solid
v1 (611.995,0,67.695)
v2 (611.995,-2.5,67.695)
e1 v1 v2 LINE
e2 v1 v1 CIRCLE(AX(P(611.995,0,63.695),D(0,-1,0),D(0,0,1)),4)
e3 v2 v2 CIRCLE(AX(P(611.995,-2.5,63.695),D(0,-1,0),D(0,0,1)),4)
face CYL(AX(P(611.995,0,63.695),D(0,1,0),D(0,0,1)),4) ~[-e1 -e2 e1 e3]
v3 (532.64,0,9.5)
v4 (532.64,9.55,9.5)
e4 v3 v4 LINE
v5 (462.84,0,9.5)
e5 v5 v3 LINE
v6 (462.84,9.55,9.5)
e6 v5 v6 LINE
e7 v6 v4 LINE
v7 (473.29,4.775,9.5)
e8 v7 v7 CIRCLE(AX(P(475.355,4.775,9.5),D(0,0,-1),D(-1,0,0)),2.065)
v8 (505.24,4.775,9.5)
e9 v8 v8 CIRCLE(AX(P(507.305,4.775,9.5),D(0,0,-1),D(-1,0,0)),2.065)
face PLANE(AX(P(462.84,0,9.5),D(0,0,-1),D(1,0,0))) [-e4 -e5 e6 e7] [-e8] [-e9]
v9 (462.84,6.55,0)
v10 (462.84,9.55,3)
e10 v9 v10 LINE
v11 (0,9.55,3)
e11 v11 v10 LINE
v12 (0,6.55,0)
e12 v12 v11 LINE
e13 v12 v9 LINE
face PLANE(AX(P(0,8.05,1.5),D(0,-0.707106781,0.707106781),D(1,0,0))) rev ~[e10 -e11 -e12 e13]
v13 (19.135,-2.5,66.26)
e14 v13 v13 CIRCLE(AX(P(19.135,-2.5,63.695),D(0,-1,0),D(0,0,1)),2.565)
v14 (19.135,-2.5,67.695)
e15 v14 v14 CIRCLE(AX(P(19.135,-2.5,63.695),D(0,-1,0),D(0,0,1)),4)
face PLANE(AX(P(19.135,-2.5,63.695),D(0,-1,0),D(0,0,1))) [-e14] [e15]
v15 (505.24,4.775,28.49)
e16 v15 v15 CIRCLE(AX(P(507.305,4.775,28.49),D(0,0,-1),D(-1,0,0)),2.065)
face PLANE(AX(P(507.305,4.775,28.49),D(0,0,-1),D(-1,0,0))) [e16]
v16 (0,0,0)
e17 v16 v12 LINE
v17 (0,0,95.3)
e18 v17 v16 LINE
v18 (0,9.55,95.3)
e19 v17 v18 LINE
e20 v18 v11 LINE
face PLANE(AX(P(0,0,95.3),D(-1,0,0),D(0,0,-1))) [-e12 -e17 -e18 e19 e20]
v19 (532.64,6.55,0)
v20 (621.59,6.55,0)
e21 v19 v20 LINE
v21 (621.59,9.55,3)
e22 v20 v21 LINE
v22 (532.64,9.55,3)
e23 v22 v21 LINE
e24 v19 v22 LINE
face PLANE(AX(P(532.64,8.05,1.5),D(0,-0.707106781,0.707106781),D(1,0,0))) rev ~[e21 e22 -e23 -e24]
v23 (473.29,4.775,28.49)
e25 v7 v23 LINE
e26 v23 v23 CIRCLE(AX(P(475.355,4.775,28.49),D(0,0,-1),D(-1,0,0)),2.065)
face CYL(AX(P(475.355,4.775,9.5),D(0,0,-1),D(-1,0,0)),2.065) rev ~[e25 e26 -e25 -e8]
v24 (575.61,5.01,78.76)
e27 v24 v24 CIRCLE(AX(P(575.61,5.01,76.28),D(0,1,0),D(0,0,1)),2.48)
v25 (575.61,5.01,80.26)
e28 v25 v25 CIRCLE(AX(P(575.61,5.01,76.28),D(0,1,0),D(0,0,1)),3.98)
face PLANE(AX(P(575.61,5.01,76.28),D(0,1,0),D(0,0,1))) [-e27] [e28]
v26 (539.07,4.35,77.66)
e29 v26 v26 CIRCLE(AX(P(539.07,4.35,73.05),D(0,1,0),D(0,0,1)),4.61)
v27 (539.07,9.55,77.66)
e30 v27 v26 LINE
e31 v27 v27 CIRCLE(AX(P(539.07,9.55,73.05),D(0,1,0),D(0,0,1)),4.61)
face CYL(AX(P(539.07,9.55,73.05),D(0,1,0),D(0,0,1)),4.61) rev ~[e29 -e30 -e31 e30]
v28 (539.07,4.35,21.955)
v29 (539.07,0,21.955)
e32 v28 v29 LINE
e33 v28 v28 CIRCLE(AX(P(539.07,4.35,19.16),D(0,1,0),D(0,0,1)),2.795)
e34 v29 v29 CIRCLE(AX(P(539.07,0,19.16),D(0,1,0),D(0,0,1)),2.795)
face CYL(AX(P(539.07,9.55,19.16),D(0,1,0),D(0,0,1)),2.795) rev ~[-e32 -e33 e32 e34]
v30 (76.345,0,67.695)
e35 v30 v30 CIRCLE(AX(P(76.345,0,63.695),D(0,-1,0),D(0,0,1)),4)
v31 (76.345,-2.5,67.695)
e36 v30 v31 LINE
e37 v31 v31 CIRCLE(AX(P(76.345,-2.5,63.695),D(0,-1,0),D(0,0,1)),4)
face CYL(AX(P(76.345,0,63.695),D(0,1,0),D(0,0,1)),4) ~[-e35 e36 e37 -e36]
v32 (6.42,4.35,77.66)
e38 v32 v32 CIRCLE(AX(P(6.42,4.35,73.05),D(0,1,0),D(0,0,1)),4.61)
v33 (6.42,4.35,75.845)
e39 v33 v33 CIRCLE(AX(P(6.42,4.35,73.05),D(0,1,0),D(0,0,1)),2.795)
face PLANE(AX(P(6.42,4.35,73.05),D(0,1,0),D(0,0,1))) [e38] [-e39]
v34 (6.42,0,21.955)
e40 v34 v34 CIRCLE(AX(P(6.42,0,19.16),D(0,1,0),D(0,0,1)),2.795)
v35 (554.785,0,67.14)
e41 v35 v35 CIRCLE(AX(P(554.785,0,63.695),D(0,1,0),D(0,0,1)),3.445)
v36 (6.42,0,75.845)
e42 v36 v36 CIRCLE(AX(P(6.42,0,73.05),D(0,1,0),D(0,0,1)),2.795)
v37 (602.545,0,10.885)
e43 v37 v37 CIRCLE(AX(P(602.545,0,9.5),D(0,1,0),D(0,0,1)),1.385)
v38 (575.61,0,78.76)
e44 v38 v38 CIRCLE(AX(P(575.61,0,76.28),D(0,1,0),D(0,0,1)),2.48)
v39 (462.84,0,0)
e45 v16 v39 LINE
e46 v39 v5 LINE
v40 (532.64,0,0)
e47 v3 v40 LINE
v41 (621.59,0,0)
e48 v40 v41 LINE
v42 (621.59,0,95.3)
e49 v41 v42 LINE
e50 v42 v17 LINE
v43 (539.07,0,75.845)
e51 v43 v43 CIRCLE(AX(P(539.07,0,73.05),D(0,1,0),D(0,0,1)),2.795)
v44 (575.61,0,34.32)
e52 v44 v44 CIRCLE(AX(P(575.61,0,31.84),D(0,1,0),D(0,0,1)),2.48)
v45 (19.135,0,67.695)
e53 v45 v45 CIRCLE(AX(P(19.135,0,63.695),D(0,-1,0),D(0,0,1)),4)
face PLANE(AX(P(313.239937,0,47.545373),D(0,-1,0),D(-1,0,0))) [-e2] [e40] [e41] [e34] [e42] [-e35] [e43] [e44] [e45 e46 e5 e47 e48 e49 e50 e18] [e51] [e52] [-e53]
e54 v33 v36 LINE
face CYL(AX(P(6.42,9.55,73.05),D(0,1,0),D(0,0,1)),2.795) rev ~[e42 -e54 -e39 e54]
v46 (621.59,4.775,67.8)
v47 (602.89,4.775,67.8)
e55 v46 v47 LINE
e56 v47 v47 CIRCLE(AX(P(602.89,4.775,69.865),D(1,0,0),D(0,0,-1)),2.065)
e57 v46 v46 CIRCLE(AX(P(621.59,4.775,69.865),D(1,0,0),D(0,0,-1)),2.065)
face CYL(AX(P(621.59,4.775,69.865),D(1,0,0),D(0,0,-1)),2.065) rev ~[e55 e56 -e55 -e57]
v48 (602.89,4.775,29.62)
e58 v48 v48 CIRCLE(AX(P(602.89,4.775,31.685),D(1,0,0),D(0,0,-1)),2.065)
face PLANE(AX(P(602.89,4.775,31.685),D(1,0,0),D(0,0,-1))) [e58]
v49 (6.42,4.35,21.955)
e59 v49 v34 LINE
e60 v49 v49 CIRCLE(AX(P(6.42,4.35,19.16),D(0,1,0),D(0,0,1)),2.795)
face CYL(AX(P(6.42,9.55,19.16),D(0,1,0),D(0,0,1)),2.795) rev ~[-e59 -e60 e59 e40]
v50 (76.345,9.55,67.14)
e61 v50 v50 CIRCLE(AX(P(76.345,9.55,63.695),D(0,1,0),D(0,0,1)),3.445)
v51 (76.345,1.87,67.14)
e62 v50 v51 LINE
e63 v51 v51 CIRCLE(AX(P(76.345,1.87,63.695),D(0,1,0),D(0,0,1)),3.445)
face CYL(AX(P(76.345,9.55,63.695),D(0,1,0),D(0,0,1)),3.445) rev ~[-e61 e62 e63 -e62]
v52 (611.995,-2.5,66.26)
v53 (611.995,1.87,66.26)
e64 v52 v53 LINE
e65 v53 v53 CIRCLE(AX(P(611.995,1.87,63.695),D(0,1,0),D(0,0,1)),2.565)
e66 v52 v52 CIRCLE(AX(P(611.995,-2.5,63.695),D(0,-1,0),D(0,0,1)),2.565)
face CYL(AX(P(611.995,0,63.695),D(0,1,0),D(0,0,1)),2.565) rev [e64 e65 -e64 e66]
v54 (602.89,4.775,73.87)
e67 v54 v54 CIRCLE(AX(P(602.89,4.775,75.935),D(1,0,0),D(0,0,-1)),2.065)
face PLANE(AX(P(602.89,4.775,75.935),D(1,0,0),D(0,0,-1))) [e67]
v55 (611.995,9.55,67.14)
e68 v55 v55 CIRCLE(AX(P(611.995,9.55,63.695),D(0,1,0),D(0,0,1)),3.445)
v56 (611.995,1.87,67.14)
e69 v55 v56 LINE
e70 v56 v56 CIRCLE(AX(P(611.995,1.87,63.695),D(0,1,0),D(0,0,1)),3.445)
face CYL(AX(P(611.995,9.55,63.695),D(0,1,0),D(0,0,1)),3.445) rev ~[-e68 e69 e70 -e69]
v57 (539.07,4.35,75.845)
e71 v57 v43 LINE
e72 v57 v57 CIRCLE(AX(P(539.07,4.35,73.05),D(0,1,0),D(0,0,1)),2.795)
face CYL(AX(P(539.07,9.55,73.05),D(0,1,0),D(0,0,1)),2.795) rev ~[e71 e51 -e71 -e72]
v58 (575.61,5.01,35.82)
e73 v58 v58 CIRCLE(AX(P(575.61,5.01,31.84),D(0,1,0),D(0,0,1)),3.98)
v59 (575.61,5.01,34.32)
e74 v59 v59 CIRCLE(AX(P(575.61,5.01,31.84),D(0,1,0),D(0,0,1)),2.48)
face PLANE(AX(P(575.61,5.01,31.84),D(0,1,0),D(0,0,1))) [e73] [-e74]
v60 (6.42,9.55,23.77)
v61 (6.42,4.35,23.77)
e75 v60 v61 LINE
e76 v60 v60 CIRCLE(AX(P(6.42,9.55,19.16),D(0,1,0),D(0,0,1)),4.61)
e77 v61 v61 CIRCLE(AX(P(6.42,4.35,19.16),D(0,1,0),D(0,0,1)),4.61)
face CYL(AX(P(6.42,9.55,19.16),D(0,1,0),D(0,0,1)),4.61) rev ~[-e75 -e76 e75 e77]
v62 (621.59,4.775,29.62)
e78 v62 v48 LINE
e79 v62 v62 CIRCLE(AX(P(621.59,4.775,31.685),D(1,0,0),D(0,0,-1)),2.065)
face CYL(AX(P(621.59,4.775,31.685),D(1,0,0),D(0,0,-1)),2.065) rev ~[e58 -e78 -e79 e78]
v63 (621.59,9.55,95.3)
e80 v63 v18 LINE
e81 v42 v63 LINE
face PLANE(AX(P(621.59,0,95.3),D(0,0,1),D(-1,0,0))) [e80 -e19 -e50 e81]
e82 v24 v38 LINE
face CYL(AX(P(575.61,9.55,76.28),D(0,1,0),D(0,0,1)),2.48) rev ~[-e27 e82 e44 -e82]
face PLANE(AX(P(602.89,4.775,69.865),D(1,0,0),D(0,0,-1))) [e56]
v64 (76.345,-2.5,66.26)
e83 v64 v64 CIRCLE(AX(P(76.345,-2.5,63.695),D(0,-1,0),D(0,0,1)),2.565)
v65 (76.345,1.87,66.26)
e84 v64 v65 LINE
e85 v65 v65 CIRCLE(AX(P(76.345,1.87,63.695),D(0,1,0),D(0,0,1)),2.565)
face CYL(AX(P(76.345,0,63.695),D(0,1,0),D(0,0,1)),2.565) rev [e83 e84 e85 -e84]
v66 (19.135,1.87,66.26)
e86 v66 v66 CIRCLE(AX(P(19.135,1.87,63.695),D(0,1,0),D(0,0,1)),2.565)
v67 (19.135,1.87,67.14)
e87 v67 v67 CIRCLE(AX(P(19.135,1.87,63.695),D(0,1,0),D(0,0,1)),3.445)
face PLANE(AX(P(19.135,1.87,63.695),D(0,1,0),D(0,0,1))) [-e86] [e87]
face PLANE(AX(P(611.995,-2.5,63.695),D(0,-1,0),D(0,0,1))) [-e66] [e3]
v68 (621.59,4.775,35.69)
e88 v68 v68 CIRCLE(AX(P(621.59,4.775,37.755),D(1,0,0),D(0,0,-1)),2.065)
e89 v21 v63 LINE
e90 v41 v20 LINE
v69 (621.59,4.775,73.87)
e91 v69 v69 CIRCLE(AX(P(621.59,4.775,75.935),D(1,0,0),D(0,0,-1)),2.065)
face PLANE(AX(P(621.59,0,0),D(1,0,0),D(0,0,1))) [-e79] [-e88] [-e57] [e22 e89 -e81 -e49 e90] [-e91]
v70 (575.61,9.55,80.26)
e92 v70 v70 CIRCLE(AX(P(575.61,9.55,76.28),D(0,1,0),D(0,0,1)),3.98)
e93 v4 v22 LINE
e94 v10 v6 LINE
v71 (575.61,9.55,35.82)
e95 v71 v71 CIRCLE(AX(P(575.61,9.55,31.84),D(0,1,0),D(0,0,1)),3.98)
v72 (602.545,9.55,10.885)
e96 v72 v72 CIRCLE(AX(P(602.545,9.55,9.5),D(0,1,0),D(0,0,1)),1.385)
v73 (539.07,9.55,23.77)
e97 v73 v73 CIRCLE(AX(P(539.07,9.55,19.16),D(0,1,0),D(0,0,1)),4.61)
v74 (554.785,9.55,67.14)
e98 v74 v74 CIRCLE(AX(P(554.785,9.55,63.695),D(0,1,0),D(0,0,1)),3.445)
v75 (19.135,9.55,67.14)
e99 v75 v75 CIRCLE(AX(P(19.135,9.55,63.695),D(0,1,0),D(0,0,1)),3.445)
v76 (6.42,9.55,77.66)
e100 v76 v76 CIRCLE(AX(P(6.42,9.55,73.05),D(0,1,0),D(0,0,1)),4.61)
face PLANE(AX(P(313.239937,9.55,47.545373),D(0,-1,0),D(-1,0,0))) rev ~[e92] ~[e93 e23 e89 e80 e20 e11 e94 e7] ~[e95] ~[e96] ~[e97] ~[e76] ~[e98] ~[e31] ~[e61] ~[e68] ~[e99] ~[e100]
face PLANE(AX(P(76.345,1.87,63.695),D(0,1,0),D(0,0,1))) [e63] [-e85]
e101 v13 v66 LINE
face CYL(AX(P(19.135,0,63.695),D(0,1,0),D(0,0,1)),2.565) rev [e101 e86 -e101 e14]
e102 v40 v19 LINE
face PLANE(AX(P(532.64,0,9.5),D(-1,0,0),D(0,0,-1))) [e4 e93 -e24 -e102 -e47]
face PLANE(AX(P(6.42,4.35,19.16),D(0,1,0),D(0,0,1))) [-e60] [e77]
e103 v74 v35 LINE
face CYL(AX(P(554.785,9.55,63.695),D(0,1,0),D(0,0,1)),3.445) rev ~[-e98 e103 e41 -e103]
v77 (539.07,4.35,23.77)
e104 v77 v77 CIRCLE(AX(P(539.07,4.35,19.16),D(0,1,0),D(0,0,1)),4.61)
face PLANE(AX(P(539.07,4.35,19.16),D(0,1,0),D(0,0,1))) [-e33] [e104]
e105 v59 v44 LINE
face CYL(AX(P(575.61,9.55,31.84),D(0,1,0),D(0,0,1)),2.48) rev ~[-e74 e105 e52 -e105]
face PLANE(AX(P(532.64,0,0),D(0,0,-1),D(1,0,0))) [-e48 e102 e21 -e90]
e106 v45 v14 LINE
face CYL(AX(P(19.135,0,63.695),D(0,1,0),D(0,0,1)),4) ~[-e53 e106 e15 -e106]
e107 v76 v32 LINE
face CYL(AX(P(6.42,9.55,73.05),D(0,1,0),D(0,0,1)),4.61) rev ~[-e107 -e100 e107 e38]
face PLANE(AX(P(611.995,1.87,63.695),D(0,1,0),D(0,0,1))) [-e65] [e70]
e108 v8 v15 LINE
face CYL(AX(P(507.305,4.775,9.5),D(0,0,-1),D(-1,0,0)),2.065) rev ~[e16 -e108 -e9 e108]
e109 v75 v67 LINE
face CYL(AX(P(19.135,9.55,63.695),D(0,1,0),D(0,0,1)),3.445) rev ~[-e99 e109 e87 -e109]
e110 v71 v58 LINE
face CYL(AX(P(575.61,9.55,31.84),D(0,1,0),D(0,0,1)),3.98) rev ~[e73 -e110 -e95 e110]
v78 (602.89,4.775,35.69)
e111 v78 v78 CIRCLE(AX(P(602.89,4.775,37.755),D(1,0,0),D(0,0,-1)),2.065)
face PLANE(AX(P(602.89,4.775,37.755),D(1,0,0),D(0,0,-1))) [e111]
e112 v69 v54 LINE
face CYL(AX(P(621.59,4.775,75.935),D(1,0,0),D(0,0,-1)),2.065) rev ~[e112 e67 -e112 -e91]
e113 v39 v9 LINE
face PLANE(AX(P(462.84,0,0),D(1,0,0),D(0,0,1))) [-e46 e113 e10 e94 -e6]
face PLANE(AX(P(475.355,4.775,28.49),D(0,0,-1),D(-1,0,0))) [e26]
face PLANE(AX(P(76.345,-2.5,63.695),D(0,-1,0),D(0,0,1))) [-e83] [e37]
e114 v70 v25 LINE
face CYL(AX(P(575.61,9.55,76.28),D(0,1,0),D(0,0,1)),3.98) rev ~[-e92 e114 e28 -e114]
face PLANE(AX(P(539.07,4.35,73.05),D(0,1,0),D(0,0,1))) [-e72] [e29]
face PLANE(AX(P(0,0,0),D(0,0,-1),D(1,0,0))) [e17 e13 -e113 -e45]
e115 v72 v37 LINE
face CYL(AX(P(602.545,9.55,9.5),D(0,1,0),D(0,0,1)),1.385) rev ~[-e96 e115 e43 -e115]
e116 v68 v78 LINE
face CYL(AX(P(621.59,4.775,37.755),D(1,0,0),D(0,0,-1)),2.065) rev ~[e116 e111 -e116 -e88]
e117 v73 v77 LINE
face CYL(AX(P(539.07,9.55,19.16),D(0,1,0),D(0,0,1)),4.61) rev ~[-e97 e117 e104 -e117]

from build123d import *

# Parameters (mm, degrees)
BOSS_EXTRUDE1_DEPTH = 9.55
CHAMFER1_SIZE       = 3
CUT_EXTRUDE1_REACH  = 630.926
SKETCH2_R           = 2.565
SKETCH2_R_2         = 3.445
SKETCH2_R_3         = 2.795
SKETCH2_R_4         = 2.48
SKETCH2_R_5         = 1.385
SKETCH3_R           = 4.61
CUT_EXTRUDE2_DEPTH  = 5.2
SKETCH4_R           = 3.98
CUT_EXTRUDE3_DEPTH  = 4.54
SKETCH5_R           = 3.445
CUT_EXTRUDE4_DEPTH  = 7.68
SKETCH6_R           = 4
SKETCH6_R_2         = 2.565
BOSS_EXTRUDE2_DEPTH = 2.5
SKETCH7_R           = 2.065
CUT_EXTRUDE5_DEPTH  = 18.99
SKETCH8_R           = 2.065
CUT_EXTRUDE6_DEPTH  = 18.7


with BuildPart() as part:
    # Sketch1 → Boss-Extrude1 (new body)
    with BuildSketch(Plane(origin=(0, 0, 0), x_dir=(1, 0, 0), z_dir=(0, 1, 0))):
        Polygon((532.64, 0), (621.59, 0), (621.59, -95.3), (0, -95.3), (0, 0), (462.84, 0), (462.84, -9.5), (532.64, -9.5), align=None)
    extrude(amount=BOSS_EXTRUDE1_DEPTH)

    # Chamfer1
    chamfer1_edges = [part.edges().sort_by_distance(p)[0] for p in [
        (577.115, 9.55, 0),
        (231.42, 9.55, 0),
    ]]
    chamfer(chamfer1_edges, length=CHAMFER1_SIZE)

    # Sketch2 → Cut-Extrude1 (cut, up to next)
    with BuildSketch(Plane(origin=(0, 9.55, 0), x_dir=(-1, 0, 0), z_dir=(0, 1, 0)), mode=Mode.PRIVATE) as cut_extrude1_sk1:
        with Locations(Location((-611.995, 63.695, 0), (0, 0, 90))):
            Circle(SKETCH2_R)
    cut_extrude1_tool1 = extrude(cut_extrude1_sk1.sketch, amount=-CUT_EXTRUDE1_REACH, mode=Mode.PRIVATE) & part.part
    # Sketch2 → Cut-Extrude1 (cut, up to next)
    with BuildSketch(Plane(origin=(0, 9.55, 0), x_dir=(-1, 0, 0), z_dir=(0, 1, 0)), mode=Mode.PRIVATE) as cut_extrude1_sk2:
        with Locations(Location((-554.785, 63.695, 0), (0, 0, 90))):
            Circle(SKETCH2_R_2)
    cut_extrude1_tool2 = extrude(cut_extrude1_sk2.sketch, amount=-CUT_EXTRUDE1_REACH, mode=Mode.PRIVATE) & part.part
    # Sketch2 → Cut-Extrude1 (cut, up to next)
    with BuildSketch(Plane(origin=(0, 9.55, 0), x_dir=(-1, 0, 0), z_dir=(0, 1, 0)), mode=Mode.PRIVATE) as cut_extrude1_sk3:
        with Locations(Location((-6.42, 19.16, 0), (0, 0, 90))):
            Circle(SKETCH2_R_3)
    cut_extrude1_tool3 = extrude(cut_extrude1_sk3.sketch, amount=-CUT_EXTRUDE1_REACH, mode=Mode.PRIVATE) & part.part
    # Sketch2 → Cut-Extrude1 (cut, up to next)
    with BuildSketch(Plane(origin=(0, 9.55, 0), x_dir=(-1, 0, 0), z_dir=(0, 1, 0)), mode=Mode.PRIVATE) as cut_extrude1_sk4:
        with Locations(Location((-6.42, 73.05, 0), (0, 0, 90))):
            Circle(SKETCH2_R_3)
    cut_extrude1_tool4 = extrude(cut_extrude1_sk4.sketch, amount=-CUT_EXTRUDE1_REACH, mode=Mode.PRIVATE) & part.part
    # Sketch2 → Cut-Extrude1 (cut, up to next)
    with BuildSketch(Plane(origin=(0, 9.55, 0), x_dir=(-1, 0, 0), z_dir=(0, 1, 0)), mode=Mode.PRIVATE) as cut_extrude1_sk5:
        with Locations(Location((-575.61, 76.28, 0), (0, 0, 90))):
            Circle(SKETCH2_R_4)
    cut_extrude1_tool5 = extrude(cut_extrude1_sk5.sketch, amount=-CUT_EXTRUDE1_REACH, mode=Mode.PRIVATE) & part.part
    # Sketch2 → Cut-Extrude1 (cut, up to next)
    with BuildSketch(Plane(origin=(0, 9.55, 0), x_dir=(-1, 0, 0), z_dir=(0, 1, 0)), mode=Mode.PRIVATE) as cut_extrude1_sk6:
        with Locations(Location((-575.61, 31.84, 0), (0, 0, 90))):
            Circle(SKETCH2_R_4)
    cut_extrude1_tool6 = extrude(cut_extrude1_sk6.sketch, amount=-CUT_EXTRUDE1_REACH, mode=Mode.PRIVATE) & part.part
    # Sketch2 → Cut-Extrude1 (cut, up to next)
    with BuildSketch(Plane(origin=(0, 9.55, 0), x_dir=(-1, 0, 0), z_dir=(0, 1, 0)), mode=Mode.PRIVATE) as cut_extrude1_sk7:
        with Locations(Location((-539.07, 73.05, 0), (0, 0, 90))):
            Circle(SKETCH2_R_3)
    cut_extrude1_tool7 = extrude(cut_extrude1_sk7.sketch, amount=-CUT_EXTRUDE1_REACH, mode=Mode.PRIVATE) & part.part
    # Sketch2 → Cut-Extrude1 (cut, up to next)
    with BuildSketch(Plane(origin=(0, 9.55, 0), x_dir=(-1, 0, 0), z_dir=(0, 1, 0)), mode=Mode.PRIVATE) as cut_extrude1_sk8:
        with Locations(Location((-539.07, 19.16, 0), (0, 0, 90))):
            Circle(SKETCH2_R_3)
    cut_extrude1_tool8 = extrude(cut_extrude1_sk8.sketch, amount=-CUT_EXTRUDE1_REACH, mode=Mode.PRIVATE) & part.part
    # Sketch2 → Cut-Extrude1 (cut, up to next)
    with BuildSketch(Plane(origin=(0, 9.55, 0), x_dir=(-1, 0, 0), z_dir=(0, 1, 0)), mode=Mode.PRIVATE) as cut_extrude1_sk9:
        with Locations(Location((-19.135, 63.695, 0), (0, 0, 90))):
            Circle(SKETCH2_R)
    cut_extrude1_tool9 = extrude(cut_extrude1_sk9.sketch, amount=-CUT_EXTRUDE1_REACH, mode=Mode.PRIVATE) & part.part
    # Sketch2 → Cut-Extrude1 (cut, up to next)
    with BuildSketch(Plane(origin=(0, 9.55, 0), x_dir=(-1, 0, 0), z_dir=(0, 1, 0)), mode=Mode.PRIVATE) as cut_extrude1_sk10:
        with Locations(Location((-76.345, 63.695, 0), (0, 0, 90))):
            Circle(SKETCH2_R)
    cut_extrude1_tool10 = extrude(cut_extrude1_sk10.sketch, amount=-CUT_EXTRUDE1_REACH, mode=Mode.PRIVATE) & part.part
    # Sketch2 → Cut-Extrude1 (cut, up to next)
    with BuildSketch(Plane(origin=(0, 9.55, 0), x_dir=(-1, 0, 0), z_dir=(0, 1, 0)), mode=Mode.PRIVATE) as cut_extrude1_sk11:
        with Locations(Location((-602.545, 9.5, 0), (0, 0, 90))):
            Circle(SKETCH2_R_5)
    cut_extrude1_tool11 = extrude(cut_extrude1_sk11.sketch, amount=-CUT_EXTRUDE1_REACH, mode=Mode.PRIVATE) & part.part
    add(cut_extrude1_tool1.solids().sort_by_distance((611.995, 9.55, 63.695))[0], mode=Mode.SUBTRACT)
    add(cut_extrude1_tool2.solids().sort_by_distance((554.785, 9.55, 63.695))[0], mode=Mode.SUBTRACT)
    add(cut_extrude1_tool3.solids().sort_by_distance((6.42, 9.55, 19.16))[0], mode=Mode.SUBTRACT)
    add(cut_extrude1_tool4.solids().sort_by_distance((6.42, 9.55, 73.05))[0], mode=Mode.SUBTRACT)
    add(cut_extrude1_tool5.solids().sort_by_distance((575.61, 9.55, 76.28))[0], mode=Mode.SUBTRACT)
    add(cut_extrude1_tool6.solids().sort_by_distance((575.61, 9.55, 31.84))[0], mode=Mode.SUBTRACT)
    add(cut_extrude1_tool7.solids().sort_by_distance((539.07, 9.55, 73.05))[0], mode=Mode.SUBTRACT)
    add(cut_extrude1_tool8.solids().sort_by_distance((539.07, 9.55, 19.16))[0], mode=Mode.SUBTRACT)
    add(cut_extrude1_tool9.solids().sort_by_distance((19.135, 9.55, 63.695))[0], mode=Mode.SUBTRACT)
    add(cut_extrude1_tool10.solids().sort_by_distance((76.345, 9.55, 63.695))[0], mode=Mode.SUBTRACT)
    add(cut_extrude1_tool11.solids().sort_by_distance((602.545, 9.55, 9.5))[0], mode=Mode.SUBTRACT)

    # Sketch3 → Cut-Extrude2 (cut)
    with BuildSketch(Plane(origin=(0, 9.55, 0), x_dir=(-1, 0, 0), z_dir=(0, 1, 0))):
        with Locations(Location((-6.42, 19.16, 0), (0, 0, 90))):
            Circle(SKETCH3_R)
        with Locations(Location((-6.42, 73.05, 0), (0, 0, 90))):
            Circle(SKETCH3_R)
        with Locations(Location((-539.07, 19.16, 0), (0, 0, 90))):
            Circle(SKETCH3_R)
        with Locations(Location((-539.07, 73.05, 0), (0, 0, 90))):
            Circle(SKETCH3_R)
    extrude(amount=-CUT_EXTRUDE2_DEPTH, mode=Mode.SUBTRACT)

    # Sketch4 → Cut-Extrude3 (cut)
    with BuildSketch(Plane(origin=(0, 9.55, 0), x_dir=(-1, 0, 0), z_dir=(0, 1, 0))):
        with Locations(Location((-575.61, 31.84, 0), (0, 0, 90))):
            Circle(SKETCH4_R)
        with Locations(Location((-575.61, 76.28, 0), (0, 0, 90))):
            Circle(SKETCH4_R)
    extrude(amount=-CUT_EXTRUDE3_DEPTH, mode=Mode.SUBTRACT)

    # Sketch5 → Cut-Extrude4 (cut)
    with BuildSketch(Plane(origin=(0, 9.55, 0), x_dir=(-1, 0, 0), z_dir=(0, 1, 0))):
        with Locations(Location((-611.995, 63.695, 0), (0, 0, 90))):
            Circle(SKETCH5_R)
        with Locations(Location((-76.345, 63.695, 0), (0, 0, 90))):
            Circle(SKETCH5_R)
        with Locations(Location((-19.135, 63.695, 0), (0, 0, 90))):
            Circle(SKETCH5_R)
    extrude(amount=-CUT_EXTRUDE4_DEPTH, mode=Mode.SUBTRACT)

    # Sketch6 → Boss-Extrude2 (add)
    with BuildSketch(Plane.XZ):
        with Locations(Location((611.995, 63.695, 0), (0, 0, 90))):
            Circle(SKETCH6_R)
        with Locations(Location((611.995, 63.695, 0), (0, 0, 90))):
            Circle(SKETCH6_R_2, mode=Mode.SUBTRACT)
        with Locations(Location((76.345, 63.695, 0), (0, 0, 90))):
            Circle(SKETCH6_R)
        with Locations(Location((76.345, 63.695, 0), (0, 0, 90))):
            Circle(SKETCH6_R_2, mode=Mode.SUBTRACT)
        with Locations(Location((19.135, 63.695, 0), (0, 0, 90))):
            Circle(SKETCH6_R)
        with Locations(Location((19.135, 63.695, 0), (0, 0, 90))):
            Circle(SKETCH6_R_2, mode=Mode.SUBTRACT)
    extrude(amount=BOSS_EXTRUDE2_DEPTH)

    # Sketch7 → Cut-Extrude5 (cut)
    with BuildSketch(Plane(origin=(0, 0, 9.5), x_dir=(-1, 0, 0), z_dir=(0, 0, -1))):
        with Locations((-507.305, 4.775)):
            Circle(SKETCH7_R)
        with Locations((-475.355, 4.775)):
            Circle(SKETCH7_R)
    extrude(amount=-CUT_EXTRUDE5_DEPTH, mode=Mode.SUBTRACT)

    # Sketch8 → Cut-Extrude6 (cut)
    with BuildSketch(Plane(origin=(621.59, 0, 0), x_dir=(0, 0, -1), z_dir=(1, 0, 0))):
        with Locations((-31.685, 4.775)):
            Circle(SKETCH8_R)
        with Locations((-37.755, 4.775)):
            Circle(SKETCH8_R)
        with Locations((-69.865, 4.775)):
            Circle(SKETCH8_R)
        with Locations((-75.935, 4.775)):
            Circle(SKETCH8_R)
    extrude(amount=-CUT_EXTRUDE6_DEPTH, mode=Mode.SUBTRACT)


solid = part.part
